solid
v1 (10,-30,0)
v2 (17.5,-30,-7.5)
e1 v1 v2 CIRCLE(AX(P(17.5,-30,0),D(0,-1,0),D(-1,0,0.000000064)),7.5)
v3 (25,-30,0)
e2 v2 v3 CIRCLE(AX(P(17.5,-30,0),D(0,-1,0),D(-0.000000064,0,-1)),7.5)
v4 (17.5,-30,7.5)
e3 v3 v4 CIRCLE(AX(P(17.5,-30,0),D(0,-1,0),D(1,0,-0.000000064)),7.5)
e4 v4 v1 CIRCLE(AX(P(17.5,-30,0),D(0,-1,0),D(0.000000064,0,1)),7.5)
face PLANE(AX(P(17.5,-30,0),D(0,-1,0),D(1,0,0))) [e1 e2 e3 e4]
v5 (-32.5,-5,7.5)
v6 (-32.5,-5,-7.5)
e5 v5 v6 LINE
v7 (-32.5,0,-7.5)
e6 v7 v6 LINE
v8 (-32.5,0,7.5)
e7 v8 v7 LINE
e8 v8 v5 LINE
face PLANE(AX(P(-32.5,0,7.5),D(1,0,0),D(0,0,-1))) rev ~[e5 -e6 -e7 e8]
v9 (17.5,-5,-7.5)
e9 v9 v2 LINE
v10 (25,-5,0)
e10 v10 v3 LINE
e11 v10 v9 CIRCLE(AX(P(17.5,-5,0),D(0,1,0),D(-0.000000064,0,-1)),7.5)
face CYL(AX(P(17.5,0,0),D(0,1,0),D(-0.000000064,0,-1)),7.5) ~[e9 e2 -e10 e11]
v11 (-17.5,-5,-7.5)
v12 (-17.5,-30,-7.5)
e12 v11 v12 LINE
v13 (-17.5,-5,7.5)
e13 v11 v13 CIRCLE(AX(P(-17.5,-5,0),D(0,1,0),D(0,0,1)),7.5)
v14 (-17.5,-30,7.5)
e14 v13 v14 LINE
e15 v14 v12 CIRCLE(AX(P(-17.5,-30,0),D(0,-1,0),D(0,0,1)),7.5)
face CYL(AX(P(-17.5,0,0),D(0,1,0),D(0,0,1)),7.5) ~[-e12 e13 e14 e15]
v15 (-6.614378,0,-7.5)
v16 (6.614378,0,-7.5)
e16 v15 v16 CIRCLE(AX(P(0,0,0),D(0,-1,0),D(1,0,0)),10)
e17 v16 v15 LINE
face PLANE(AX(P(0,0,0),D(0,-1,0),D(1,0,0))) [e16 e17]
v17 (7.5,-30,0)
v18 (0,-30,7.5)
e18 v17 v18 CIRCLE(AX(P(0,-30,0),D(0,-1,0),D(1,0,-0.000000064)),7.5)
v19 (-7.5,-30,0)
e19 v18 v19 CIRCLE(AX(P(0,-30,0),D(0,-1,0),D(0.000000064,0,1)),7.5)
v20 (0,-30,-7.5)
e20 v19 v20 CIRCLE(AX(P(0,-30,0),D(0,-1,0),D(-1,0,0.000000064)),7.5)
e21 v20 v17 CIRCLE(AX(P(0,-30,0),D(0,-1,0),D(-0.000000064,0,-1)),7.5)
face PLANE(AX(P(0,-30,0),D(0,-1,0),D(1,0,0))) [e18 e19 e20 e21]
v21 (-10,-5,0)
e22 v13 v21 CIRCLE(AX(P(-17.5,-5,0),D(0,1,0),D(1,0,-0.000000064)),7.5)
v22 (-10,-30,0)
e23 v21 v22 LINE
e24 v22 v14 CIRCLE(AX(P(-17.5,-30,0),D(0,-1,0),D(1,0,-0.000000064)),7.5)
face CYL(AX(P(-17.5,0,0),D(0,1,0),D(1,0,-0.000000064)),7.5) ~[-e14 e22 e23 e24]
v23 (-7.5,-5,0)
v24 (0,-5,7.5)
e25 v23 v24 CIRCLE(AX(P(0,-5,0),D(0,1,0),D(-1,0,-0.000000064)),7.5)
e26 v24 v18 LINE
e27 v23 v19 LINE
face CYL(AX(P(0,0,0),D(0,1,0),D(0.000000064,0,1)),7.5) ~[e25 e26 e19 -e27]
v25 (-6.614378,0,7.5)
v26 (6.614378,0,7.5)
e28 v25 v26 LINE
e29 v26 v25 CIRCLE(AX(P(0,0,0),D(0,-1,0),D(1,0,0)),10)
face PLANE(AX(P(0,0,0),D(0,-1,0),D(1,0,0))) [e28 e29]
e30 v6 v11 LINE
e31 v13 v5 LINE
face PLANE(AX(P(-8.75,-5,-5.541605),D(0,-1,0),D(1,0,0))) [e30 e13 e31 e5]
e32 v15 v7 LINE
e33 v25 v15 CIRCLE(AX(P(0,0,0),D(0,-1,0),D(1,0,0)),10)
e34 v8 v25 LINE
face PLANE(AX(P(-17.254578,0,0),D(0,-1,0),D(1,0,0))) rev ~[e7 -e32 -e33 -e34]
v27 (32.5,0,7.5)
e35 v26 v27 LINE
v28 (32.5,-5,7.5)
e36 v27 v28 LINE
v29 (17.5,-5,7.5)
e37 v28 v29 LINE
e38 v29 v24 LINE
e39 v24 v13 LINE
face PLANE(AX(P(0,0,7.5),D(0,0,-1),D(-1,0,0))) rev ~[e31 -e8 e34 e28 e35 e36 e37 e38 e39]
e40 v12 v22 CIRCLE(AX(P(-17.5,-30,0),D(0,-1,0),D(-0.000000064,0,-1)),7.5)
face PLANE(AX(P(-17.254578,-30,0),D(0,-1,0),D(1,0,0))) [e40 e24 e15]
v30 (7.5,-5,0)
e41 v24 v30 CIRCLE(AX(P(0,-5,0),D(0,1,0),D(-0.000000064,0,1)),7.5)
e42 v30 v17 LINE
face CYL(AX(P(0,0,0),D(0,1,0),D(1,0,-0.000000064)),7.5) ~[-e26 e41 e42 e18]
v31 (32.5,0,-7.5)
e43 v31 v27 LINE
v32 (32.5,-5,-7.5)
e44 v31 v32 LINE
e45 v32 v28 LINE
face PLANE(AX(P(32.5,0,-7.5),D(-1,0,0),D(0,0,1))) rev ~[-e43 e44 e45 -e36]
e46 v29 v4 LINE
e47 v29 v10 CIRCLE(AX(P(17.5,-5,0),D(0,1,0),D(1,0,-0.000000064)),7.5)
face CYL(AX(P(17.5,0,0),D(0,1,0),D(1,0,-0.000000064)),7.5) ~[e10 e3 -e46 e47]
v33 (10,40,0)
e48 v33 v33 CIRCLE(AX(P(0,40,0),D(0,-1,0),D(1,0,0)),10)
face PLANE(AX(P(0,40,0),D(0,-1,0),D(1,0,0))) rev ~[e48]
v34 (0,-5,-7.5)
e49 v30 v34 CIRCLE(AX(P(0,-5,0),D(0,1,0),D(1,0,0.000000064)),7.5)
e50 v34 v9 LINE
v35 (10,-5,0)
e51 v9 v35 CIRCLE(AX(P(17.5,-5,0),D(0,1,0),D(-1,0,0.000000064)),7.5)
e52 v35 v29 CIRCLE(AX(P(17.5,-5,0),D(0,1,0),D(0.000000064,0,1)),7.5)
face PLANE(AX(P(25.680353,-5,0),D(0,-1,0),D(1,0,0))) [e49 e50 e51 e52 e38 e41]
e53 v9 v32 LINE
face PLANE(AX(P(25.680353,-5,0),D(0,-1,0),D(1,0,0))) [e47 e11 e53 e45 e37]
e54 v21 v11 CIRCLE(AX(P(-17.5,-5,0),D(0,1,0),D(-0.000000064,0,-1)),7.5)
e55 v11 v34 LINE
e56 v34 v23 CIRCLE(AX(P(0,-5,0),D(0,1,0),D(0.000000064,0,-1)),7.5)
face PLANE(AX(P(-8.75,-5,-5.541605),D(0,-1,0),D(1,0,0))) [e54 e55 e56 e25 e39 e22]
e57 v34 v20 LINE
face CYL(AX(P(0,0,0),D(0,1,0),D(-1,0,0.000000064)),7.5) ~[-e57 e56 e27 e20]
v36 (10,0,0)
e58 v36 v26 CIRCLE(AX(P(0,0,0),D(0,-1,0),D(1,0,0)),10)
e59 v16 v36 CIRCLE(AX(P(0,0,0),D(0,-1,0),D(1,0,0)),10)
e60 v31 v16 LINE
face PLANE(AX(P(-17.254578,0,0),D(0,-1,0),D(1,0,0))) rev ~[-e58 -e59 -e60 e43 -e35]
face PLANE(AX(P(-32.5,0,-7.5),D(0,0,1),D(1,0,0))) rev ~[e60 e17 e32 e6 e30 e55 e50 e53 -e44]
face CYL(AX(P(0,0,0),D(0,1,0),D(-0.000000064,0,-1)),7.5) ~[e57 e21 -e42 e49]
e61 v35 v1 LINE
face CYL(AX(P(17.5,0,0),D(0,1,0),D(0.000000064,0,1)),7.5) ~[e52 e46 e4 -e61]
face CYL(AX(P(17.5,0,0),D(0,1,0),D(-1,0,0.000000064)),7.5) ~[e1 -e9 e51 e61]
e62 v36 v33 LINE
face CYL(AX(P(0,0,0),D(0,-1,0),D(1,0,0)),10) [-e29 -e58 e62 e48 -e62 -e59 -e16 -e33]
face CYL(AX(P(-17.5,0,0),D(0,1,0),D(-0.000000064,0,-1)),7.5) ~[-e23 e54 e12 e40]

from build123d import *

# Parameters (mm, degrees)
F1_DEPTH = 5
F2_DEPTH = 30
F3_R     = 10
F4_DEPTH = 40


with BuildPart() as f1:
    # F0 (on Front) → F1 (new body)
    with BuildSketch(Plane.XZ):
        with BuildLine():
            Line((17.5, -7.5), (32.5, -7.5))
            Line((32.5, -7.5), (32.5, 7.5))
            Line((32.5, 7.5), (17.5, 7.5))
            ThreePointArc((17.5, 7.5), (22.803301, 5.303301), (25, 0))
            ThreePointArc((25, 0), (22.803301, -5.303301), (17.5, -7.5))
        make_face()
        with BuildLine():
            Line((0, -7.5), (17.5, -7.5))
            ThreePointArc((17.5, -7.5), (12.196699, -5.303301), (10, 0))
            Line((10, 0), (7.5, 0))
            ThreePointArc((7.5, 0), (5.303301, -5.303301), (0, -7.5))
        make_face()
        with BuildLine():
            ThreePointArc((10, 0), (12.196699, -5.303301), (17.5, -7.5))
            ThreePointArc((17.5, -7.5), (22.803301, -5.303301), (25, 0))
            ThreePointArc((25, 0), (22.803301, 5.303301), (17.5, 7.5))
            ThreePointArc((17.5, 7.5), (12.196699, 5.303301), (10, 0))
        make_face()
        with BuildLine():
            Line((-17.5, -7.5), (0, -7.5))
            ThreePointArc((0, -7.5), (-5.303301, -5.303301), (-7.5, 0))
            Line((-7.5, 0), (-10, 0))
            ThreePointArc((-10, 0), (-12.196699, -5.303301), (-17.5, -7.5))
        make_face()
        with BuildLine():
            Line((7.5, 0), (10, 0))
            ThreePointArc((10, 0), (12.196699, 5.303301), (17.5, 7.5))
            Line((17.5, 7.5), (0, 7.5))
            ThreePointArc((0, 7.5), (5.303301, 5.303301), (7.5, 0))
        make_face()
        with BuildLine():
            Line((-32.5, -7.5), (-17.5, -7.5))
            ThreePointArc((-17.5, -7.5), (-25, 0), (-17.5, 7.5))
            Line((-17.5, 7.5), (-32.5, 7.5))
            Line((-32.5, 7.5), (-32.5, -7.5))
        make_face()
        with BuildLine():
            ThreePointArc((-17.5, 7.5), (-25, 0), (-17.5, -7.5))
            ThreePointArc((-17.5, -7.5), (-12.196699, -5.303301), (-10, 0))
            ThreePointArc((-10, 0), (-12.196699, 5.303301), (-17.5, 7.5))
        make_face()
        with BuildLine():
            Line((-10, 0), (-7.5, 0))
            ThreePointArc((-7.5, 0), (-5.303301, 5.303301), (0, 7.5))
            Line((0, 7.5), (-17.5, 7.5))
            ThreePointArc((-17.5, 7.5), (-12.196699, 5.303301), (-10, 0))
        make_face()
    extrude(amount=F1_DEPTH)

    # F0 (on Front) → F2 (join)
    with BuildSketch(Plane.XZ):
        with BuildLine():
            ThreePointArc((-17.5, 7.5), (-25, 0), (-17.5, -7.5))
            ThreePointArc((-17.5, -7.5), (-12.196699, -5.303301), (-10, 0))
            ThreePointArc((-10, 0), (-12.196699, 5.303301), (-17.5, 7.5))
        make_face()
        with BuildLine():
            ThreePointArc((-7.5, 0), (-5.303301, -5.303301), (0, -7.5))
            ThreePointArc((0, -7.5), (5.303301, -5.303301), (7.5, 0))
            ThreePointArc((7.5, 0), (5.303301, 5.303301), (0, 7.5))
            ThreePointArc((0, 7.5), (-5.303301, 5.303301), (-7.5, 0))
        make_face()
        with BuildLine():
            ThreePointArc((10, 0), (12.196699, -5.303301), (17.5, -7.5))
            ThreePointArc((17.5, -7.5), (22.803301, -5.303301), (25, 0))
            ThreePointArc((25, 0), (22.803301, 5.303301), (17.5, 7.5))
            ThreePointArc((17.5, 7.5), (12.196699, 5.303301), (10, 0))
        make_face()
    extrude(amount=F2_DEPTH)

    # F3 (on Front) → F4 (join)
    with BuildSketch(Plane.XZ):
        Circle(F3_R)
    extrude(amount=-F4_DEPTH)


solid = f1.part
